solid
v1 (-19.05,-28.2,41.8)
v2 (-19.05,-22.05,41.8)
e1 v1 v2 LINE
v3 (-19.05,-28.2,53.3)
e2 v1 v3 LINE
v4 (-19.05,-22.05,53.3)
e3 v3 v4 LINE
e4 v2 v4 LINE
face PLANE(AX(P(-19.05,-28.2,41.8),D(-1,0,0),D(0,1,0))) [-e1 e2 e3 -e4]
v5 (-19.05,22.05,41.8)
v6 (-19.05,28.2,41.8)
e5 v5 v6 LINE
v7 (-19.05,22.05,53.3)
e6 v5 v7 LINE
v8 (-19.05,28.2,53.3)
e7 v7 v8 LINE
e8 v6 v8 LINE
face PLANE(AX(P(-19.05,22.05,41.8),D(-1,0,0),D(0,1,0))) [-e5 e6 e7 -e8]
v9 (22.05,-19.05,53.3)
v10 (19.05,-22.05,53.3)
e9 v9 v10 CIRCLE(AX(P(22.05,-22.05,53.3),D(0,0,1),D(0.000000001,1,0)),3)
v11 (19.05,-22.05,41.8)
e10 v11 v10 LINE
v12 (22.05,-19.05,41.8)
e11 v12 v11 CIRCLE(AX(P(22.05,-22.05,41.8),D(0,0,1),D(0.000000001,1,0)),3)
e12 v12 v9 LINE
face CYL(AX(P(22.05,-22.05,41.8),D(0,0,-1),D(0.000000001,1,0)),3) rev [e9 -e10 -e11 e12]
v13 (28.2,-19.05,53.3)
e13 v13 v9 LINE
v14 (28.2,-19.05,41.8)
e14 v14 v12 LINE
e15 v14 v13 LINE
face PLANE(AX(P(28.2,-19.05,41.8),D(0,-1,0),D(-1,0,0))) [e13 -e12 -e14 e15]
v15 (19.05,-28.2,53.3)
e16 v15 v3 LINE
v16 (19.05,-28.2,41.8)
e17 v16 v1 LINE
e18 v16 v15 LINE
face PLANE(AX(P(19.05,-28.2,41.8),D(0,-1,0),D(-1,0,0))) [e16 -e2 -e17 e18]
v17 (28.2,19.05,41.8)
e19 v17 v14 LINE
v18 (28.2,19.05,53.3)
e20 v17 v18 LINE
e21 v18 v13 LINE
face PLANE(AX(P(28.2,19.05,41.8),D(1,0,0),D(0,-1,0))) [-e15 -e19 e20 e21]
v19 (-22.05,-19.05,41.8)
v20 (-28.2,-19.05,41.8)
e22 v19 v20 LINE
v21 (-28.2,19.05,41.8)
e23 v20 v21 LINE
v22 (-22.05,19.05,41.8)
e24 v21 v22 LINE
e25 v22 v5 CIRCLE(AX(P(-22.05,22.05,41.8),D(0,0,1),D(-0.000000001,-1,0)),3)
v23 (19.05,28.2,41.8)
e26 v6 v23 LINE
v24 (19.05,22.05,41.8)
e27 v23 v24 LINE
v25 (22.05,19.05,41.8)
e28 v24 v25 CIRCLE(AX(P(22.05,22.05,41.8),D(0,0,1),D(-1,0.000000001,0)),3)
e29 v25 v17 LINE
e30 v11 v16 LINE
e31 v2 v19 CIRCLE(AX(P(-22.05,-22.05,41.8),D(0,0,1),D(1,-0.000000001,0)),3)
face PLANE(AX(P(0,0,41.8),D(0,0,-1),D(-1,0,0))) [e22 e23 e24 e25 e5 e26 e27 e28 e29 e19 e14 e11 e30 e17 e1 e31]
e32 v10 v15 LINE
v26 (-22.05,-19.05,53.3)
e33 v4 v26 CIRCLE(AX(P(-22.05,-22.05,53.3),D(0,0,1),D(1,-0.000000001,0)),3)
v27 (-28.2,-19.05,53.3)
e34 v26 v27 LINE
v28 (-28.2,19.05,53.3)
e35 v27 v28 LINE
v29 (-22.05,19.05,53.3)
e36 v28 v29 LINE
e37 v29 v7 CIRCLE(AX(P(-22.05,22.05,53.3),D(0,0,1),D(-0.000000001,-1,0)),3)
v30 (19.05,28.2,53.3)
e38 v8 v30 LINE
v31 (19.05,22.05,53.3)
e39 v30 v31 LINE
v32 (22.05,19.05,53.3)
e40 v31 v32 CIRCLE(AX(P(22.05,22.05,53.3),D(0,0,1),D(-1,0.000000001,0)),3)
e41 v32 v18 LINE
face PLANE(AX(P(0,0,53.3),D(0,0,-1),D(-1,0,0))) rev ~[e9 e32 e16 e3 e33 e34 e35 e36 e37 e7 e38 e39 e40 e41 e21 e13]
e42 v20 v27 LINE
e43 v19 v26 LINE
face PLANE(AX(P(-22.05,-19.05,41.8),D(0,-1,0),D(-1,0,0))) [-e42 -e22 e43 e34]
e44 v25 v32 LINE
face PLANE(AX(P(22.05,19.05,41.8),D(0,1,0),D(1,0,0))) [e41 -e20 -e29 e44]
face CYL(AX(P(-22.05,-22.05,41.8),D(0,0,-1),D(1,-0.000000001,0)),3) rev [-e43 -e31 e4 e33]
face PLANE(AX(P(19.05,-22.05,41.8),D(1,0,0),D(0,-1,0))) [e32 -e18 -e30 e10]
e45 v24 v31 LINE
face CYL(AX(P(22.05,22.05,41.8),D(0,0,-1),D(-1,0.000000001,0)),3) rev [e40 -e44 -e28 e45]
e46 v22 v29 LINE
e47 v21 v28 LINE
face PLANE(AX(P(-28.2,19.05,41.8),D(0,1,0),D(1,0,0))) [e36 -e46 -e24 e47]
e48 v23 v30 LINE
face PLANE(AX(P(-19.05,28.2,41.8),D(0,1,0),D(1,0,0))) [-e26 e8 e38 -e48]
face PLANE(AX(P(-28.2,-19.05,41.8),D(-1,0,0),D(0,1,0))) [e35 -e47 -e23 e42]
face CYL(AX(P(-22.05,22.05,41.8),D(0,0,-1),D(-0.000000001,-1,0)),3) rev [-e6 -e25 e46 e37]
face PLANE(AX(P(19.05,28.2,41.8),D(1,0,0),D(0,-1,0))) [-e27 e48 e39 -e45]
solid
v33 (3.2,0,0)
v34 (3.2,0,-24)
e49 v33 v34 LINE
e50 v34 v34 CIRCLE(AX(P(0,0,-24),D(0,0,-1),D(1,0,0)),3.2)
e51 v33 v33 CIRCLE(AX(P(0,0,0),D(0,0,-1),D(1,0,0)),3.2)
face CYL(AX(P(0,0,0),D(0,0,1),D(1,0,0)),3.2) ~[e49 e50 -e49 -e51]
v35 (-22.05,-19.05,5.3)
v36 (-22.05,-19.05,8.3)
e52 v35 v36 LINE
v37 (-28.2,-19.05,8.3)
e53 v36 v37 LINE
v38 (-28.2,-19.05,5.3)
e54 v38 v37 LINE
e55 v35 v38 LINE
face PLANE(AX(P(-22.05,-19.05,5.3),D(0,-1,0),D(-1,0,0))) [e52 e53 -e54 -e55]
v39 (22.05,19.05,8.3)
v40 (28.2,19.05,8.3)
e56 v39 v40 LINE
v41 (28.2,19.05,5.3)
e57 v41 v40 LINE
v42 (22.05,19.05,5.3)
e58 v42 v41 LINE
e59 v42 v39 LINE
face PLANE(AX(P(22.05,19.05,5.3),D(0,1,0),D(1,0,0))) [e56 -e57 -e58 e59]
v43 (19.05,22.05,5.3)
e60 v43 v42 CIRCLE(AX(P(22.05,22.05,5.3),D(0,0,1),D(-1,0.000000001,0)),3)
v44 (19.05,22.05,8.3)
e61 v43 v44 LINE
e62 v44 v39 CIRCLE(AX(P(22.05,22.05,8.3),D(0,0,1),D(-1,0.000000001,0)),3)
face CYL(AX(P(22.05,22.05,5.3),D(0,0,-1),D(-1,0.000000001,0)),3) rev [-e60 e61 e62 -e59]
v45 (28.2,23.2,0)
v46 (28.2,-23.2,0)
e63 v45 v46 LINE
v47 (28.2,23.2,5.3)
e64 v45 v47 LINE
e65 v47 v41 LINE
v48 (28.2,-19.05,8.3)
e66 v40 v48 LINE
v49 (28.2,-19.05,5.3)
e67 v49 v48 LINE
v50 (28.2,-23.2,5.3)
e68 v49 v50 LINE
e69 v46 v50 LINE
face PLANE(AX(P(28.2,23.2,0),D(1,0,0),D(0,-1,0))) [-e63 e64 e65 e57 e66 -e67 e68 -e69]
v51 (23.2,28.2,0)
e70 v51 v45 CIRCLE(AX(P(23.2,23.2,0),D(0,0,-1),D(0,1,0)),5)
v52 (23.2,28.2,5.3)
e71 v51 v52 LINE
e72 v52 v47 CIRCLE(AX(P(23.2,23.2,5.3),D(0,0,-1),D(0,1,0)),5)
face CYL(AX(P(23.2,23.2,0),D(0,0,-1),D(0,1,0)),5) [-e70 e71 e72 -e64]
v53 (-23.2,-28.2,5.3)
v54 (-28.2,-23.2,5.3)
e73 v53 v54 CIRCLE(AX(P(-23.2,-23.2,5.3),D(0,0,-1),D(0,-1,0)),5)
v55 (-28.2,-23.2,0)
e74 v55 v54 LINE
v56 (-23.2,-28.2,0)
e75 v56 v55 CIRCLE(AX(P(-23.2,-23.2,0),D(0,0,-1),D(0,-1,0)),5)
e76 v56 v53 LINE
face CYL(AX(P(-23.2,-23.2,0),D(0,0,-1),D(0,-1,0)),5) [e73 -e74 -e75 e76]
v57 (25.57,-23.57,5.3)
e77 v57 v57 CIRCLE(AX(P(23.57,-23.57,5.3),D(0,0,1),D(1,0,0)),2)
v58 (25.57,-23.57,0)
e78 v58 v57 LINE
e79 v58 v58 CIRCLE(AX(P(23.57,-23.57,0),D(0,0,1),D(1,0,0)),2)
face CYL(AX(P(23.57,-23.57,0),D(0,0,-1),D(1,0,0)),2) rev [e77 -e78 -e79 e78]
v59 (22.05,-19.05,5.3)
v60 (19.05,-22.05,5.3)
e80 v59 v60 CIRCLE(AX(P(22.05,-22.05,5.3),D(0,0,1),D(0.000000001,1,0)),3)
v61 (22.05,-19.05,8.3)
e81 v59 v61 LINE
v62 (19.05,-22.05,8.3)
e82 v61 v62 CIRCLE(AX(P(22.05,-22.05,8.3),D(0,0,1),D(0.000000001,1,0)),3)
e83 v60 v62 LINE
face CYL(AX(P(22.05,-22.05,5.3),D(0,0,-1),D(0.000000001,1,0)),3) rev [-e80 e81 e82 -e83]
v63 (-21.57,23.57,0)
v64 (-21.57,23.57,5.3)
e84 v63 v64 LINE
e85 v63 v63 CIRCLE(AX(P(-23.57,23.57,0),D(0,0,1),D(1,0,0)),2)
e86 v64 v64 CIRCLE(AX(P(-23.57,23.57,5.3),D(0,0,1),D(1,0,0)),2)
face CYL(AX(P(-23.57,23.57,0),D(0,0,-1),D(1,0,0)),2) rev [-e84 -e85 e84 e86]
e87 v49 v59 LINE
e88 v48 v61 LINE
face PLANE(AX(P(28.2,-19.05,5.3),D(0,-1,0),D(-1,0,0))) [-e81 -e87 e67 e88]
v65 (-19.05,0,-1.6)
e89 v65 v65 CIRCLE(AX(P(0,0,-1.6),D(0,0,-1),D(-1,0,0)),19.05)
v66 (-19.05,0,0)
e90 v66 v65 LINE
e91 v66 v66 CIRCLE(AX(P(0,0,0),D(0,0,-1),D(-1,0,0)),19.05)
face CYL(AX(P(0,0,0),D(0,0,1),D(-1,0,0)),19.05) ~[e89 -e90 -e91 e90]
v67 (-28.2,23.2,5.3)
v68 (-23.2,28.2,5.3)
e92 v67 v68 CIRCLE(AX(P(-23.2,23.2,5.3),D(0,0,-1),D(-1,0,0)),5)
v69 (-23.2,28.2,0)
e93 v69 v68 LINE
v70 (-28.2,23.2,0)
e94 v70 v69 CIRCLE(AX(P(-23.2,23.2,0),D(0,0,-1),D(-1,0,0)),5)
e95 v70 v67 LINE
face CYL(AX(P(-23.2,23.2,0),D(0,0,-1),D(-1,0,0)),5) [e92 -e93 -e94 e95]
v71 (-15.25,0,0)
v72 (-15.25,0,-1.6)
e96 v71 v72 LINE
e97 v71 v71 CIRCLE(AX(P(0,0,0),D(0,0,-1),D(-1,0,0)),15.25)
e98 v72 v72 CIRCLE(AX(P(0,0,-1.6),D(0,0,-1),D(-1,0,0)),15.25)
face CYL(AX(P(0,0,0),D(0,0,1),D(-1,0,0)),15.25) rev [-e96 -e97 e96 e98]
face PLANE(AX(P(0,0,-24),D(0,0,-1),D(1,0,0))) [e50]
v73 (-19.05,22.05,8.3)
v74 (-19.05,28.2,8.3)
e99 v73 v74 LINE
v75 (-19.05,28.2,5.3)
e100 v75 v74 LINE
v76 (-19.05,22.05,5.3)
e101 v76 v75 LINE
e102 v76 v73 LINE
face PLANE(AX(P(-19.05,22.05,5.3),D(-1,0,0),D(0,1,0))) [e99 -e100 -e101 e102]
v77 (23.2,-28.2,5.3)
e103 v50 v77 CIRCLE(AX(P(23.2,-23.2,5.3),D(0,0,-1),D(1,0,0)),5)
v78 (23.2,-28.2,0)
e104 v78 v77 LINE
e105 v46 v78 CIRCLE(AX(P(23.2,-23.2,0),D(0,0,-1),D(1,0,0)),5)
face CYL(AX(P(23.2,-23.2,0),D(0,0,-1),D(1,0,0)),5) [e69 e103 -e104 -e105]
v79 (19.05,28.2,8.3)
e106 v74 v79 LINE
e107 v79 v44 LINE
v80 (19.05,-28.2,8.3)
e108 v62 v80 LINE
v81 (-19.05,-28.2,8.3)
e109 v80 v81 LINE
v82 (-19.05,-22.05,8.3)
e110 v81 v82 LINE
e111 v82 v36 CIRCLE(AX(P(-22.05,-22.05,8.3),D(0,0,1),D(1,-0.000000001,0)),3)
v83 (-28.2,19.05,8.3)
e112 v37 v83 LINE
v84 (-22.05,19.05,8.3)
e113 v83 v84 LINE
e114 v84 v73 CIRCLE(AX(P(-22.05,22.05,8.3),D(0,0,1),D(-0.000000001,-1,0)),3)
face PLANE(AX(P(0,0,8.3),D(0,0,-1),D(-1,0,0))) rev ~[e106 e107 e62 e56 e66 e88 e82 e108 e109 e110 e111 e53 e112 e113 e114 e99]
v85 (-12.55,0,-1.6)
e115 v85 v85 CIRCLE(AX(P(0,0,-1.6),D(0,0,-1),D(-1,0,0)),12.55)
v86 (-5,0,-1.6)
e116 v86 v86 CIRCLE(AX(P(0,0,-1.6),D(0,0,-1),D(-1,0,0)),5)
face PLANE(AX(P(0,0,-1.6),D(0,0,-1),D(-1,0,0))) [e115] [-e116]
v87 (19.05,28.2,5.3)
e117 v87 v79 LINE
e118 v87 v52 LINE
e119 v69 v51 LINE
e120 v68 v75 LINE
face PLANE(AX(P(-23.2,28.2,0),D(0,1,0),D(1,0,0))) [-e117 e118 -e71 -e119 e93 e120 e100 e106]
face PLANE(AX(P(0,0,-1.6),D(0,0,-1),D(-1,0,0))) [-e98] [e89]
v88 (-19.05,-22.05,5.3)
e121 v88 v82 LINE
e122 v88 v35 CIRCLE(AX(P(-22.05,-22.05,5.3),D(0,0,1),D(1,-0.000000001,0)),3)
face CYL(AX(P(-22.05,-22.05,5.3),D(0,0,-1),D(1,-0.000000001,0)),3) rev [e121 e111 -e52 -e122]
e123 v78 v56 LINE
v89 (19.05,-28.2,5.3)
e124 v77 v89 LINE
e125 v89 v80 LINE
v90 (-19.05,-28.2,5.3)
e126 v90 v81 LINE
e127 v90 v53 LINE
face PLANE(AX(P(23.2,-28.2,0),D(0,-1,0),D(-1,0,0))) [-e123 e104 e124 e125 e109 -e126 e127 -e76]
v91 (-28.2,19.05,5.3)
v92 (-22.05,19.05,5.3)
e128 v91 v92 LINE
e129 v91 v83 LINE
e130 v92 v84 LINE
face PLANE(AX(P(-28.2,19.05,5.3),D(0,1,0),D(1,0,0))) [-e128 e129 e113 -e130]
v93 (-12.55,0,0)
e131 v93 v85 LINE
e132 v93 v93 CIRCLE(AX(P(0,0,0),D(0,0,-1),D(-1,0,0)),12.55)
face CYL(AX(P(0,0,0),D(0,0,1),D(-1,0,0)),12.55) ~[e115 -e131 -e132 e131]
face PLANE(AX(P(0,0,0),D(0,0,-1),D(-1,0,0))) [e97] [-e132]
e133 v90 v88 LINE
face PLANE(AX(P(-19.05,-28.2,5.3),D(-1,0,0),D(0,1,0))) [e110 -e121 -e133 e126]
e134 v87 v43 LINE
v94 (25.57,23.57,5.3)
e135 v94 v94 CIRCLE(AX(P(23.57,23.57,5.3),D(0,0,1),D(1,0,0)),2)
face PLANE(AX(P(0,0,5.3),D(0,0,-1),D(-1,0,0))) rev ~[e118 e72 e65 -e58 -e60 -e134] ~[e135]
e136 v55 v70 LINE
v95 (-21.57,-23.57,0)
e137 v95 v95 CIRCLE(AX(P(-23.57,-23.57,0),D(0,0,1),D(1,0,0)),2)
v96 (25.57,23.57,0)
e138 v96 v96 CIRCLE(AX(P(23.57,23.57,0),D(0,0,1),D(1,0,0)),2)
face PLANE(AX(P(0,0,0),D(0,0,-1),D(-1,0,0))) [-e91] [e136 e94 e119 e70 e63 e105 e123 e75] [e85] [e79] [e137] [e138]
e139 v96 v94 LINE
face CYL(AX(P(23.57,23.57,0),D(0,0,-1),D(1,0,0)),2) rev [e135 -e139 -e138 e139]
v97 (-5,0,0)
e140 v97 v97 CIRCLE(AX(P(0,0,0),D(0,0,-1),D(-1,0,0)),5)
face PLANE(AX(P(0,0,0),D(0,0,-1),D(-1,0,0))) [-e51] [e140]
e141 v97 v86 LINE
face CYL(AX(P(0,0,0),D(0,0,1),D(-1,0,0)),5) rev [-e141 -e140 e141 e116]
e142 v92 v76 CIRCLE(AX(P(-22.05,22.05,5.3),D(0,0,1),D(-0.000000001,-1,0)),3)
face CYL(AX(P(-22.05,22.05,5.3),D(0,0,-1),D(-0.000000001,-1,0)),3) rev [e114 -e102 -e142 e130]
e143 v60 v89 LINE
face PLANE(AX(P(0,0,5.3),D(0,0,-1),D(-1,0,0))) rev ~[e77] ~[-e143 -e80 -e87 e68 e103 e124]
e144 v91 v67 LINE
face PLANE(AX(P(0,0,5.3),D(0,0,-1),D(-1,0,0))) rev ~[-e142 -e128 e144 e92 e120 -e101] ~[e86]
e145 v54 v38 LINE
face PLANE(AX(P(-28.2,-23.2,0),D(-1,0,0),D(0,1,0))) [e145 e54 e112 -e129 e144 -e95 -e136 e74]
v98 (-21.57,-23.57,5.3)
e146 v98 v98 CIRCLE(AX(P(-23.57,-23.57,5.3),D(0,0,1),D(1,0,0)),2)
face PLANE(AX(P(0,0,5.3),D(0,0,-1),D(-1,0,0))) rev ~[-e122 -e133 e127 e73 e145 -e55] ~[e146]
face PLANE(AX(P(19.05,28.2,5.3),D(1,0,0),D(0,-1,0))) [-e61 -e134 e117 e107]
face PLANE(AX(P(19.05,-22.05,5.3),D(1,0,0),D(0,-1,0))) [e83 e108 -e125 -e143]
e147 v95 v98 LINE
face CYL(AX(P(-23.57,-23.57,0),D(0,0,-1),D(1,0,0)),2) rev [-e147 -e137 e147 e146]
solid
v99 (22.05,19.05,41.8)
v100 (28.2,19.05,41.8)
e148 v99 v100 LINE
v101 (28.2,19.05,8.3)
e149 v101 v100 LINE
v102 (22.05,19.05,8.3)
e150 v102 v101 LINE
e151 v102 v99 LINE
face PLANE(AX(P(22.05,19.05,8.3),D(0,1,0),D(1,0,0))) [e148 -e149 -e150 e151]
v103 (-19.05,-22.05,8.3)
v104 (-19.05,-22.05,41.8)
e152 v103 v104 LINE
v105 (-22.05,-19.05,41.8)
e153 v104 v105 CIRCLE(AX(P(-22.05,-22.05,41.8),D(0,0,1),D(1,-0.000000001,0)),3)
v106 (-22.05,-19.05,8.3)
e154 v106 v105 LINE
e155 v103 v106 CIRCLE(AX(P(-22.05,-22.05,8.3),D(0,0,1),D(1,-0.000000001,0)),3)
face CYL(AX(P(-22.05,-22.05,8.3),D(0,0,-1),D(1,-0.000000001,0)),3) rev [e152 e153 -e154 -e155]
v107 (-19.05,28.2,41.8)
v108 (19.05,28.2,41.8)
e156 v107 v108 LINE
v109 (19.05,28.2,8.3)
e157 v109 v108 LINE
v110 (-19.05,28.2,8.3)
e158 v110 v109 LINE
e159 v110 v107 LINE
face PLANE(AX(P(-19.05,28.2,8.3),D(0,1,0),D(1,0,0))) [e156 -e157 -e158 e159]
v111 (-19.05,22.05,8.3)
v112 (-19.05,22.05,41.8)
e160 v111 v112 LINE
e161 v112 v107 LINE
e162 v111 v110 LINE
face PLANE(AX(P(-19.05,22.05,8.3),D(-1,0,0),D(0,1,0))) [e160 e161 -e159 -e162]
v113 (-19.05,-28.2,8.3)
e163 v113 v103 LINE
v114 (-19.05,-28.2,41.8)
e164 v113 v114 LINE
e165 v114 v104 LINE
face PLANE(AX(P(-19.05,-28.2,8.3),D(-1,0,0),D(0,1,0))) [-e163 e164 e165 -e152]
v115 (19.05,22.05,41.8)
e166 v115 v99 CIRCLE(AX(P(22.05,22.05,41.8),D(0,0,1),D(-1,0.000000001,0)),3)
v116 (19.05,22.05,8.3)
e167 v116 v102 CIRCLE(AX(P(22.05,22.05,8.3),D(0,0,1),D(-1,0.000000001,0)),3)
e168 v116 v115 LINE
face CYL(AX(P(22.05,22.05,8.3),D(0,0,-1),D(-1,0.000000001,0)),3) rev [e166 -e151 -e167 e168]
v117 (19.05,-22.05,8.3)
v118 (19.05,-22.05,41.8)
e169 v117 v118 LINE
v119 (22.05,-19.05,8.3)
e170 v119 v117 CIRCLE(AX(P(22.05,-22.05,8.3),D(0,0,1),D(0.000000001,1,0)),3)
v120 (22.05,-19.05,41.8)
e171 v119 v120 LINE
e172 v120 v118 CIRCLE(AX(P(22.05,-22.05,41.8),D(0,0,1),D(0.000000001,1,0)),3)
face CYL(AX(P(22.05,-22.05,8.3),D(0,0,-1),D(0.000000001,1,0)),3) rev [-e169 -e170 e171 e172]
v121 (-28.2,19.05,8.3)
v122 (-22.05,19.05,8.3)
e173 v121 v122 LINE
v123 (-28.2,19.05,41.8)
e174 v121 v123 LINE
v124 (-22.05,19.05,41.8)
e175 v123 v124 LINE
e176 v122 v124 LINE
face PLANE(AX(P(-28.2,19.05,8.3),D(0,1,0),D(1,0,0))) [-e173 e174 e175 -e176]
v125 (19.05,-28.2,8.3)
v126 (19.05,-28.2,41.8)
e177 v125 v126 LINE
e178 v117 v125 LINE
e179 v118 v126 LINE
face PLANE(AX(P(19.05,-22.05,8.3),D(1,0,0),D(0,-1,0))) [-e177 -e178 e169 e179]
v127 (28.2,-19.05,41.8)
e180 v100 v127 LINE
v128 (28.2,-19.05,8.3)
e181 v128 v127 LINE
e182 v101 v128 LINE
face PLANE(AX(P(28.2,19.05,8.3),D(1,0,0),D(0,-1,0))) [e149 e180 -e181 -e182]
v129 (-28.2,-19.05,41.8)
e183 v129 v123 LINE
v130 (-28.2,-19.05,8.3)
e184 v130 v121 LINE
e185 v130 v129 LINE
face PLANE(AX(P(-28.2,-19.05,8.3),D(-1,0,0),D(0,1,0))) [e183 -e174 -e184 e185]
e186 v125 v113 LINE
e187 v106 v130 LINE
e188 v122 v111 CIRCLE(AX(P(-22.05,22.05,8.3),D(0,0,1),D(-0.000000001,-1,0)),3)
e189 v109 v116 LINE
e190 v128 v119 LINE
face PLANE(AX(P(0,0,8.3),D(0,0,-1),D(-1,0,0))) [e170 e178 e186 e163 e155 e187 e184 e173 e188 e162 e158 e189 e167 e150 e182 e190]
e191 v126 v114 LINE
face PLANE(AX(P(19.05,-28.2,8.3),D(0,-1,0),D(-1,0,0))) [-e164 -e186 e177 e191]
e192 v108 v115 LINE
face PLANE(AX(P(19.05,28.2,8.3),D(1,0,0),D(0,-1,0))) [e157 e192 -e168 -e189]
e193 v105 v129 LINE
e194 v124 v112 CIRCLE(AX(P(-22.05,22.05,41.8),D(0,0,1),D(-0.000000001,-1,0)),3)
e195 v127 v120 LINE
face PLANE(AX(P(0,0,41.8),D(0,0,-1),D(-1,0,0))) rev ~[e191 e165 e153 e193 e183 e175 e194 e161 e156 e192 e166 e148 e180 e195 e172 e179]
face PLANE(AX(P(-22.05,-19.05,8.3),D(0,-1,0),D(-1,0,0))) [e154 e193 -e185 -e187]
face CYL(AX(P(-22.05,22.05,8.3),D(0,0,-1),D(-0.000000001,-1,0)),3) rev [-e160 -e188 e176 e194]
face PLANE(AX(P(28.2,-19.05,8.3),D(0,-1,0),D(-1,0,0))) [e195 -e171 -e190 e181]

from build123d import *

# Parameters (mm, degrees)
CROQUIS1_R                = 2
SALIENTE_EXTRUIR1_DEPTH   = 5.3
SALIENTE_EXTRUIR2_DEPTH   = 3
SALIENTE_EXTRUIR4_DEPTH   = 33.5
SALIENTE_EXTRUIR7_DEPTH   = 11.5
CROQUIS7_R                = 19.05
CROQUIS7_R_2              = 15.25
SALIENTE_EXTRUIR9_DEPTH   = 1.6
CROQUIS7_R_3              = 12.55
CROQUIS7_R_4              = 5
SALIENTE_EXTRUIR9_2_DEPTH = 1.6
CROQUIS8_R                = 3.2
SALIENTE_EXTRUIR10_DEPTH  = 24


with BuildPart() as part:
    # Croquis1 → Saliente-Extruir1 (new body)
    with BuildSketch(Plane.XY):
        with BuildLine():
            Line((23.2, -28.2), (-23.2, -28.2))
            ThreePointArc((-23.2, -28.2), (-26.735533906, -26.735533906), (-28.2, -23.2))
            Line((-28.2, -23.2), (-28.2, 23.2))
            ThreePointArc((-28.2, 23.2), (-26.735533906, 26.735533906), (-23.2, 28.2))
            Line((-23.2, 28.2), (23.2, 28.2))
            ThreePointArc((23.2, 28.2), (26.735533906, 26.735533906), (28.2, 23.2))
            Line((28.2, 23.2), (28.2, -23.2))
            ThreePointArc((28.2, -23.2), (26.735533906, -26.735533906), (23.2, -28.2))
        make_face()
        with Locations((-23.57, -23.57)):
            Circle(CROQUIS1_R, mode=Mode.SUBTRACT)
        with Locations((23.57, -23.57)):
            Circle(CROQUIS1_R, mode=Mode.SUBTRACT)
        with Locations((-23.57, 23.57)):
            Circle(CROQUIS1_R, mode=Mode.SUBTRACT)
        with Locations((23.57, 23.57)):
            Circle(CROQUIS1_R, mode=Mode.SUBTRACT)
    extrude(amount=SALIENTE_EXTRUIR1_DEPTH)

    # Croquis2 → Saliente-Extruir2 (add)
    with BuildSketch(Plane.XY.offset(5.3)):
        with BuildLine():
            Line((-19.05, 22.05), (-19.05, 28.2))
            Line((-19.05, 28.2), (19.05, 28.2))
            Line((19.05, 28.2), (19.05, 22.05))
            ThreePointArc((19.05, 22.05), (19.928679656, 19.928679656), (22.05, 19.05))
            Line((22.05, 19.05), (28.2, 19.05))
            Line((28.2, 19.05), (28.2, -19.05))
            Line((28.2, -19.05), (22.05, -19.05))
            ThreePointArc((22.05, -19.05), (19.928679656, -19.928679656), (19.05, -22.05))
            Line((19.05, -22.05), (19.05, -28.2))
            Line((19.05, -28.2), (-19.05, -28.2))
            Line((-19.05, -28.2), (-19.05, -22.05))
            ThreePointArc((-19.05, -22.05), (-19.928679656, -19.928679656), (-22.05, -19.05))
            Line((-22.05, -19.05), (-28.2, -19.05))
            Line((-28.2, -19.05), (-28.2, 19.05))
            Line((-28.2, 19.05), (-22.05, 19.05))
            ThreePointArc((-22.05, 19.05), (-19.928679656, 19.928679656), (-19.05, 22.05))
        make_face()
    extrude(amount=SALIENTE_EXTRUIR2_DEPTH)



with BuildPart() as body_2:
    # Croquis3 → Saliente-Extruir4 (new body)
    with BuildSketch(Plane.XY.offset(8.3)):
        with BuildLine():
            Line((-19.05, 28.2), (19.05, 28.2))
            Line((19.05, 28.2), (19.05, 22.05))
            ThreePointArc((19.05, 22.05), (19.928679656, 19.928679656), (22.05, 19.05))
            Line((22.05, 19.05), (28.2, 19.05))
            Line((28.2, 19.05), (28.2, -19.05))
            Line((28.2, -19.05), (22.05, -19.05))
            ThreePointArc((22.05, -19.05), (19.928679656, -19.928679656), (19.05, -22.05))
            Line((19.05, -22.05), (19.05, -28.2))
            Line((19.05, -28.2), (-19.05, -28.2))
            Line((-19.05, -28.2), (-19.05, -22.05))
            ThreePointArc((-19.05, -22.05), (-19.928679656, -19.928679656), (-22.05, -19.05))
            Line((-22.05, -19.05), (-28.2, -19.05))
            Line((-28.2, -19.05), (-28.2, 19.05))
            Line((-28.2, 19.05), (-22.05, 19.05))
            ThreePointArc((-22.05, 19.05), (-19.928679656, 19.928679656), (-19.05, 22.05))
            Line((-19.05, 22.05), (-19.05, 28.2))
        make_face()
    extrude(amount=SALIENTE_EXTRUIR4_DEPTH)


with BuildPart() as body_3:
    # Croquis5 → Saliente-Extruir7 (new body)
    with BuildSketch(Plane.XY.offset(41.8)):
        with BuildLine():
            Line((22.05, 19.05), (28.2, 19.05))
            Line((28.2, 19.05), (28.2, -19.05))
            Line((28.2, -19.05), (22.05, -19.05))
            ThreePointArc((22.05, -19.05), (19.928679656, -19.928679656), (19.05, -22.05))
            Line((19.05, -22.05), (19.05, -28.2))
            Line((19.05, -28.2), (-19.05, -28.2))
            Line((-19.05, -28.2), (-19.05, -22.05))
            ThreePointArc((-19.05, -22.05), (-19.928679656, -19.928679656), (-22.05, -19.05))
            Line((-22.05, -19.05), (-28.2, -19.05))
            Line((-28.2, -19.05), (-28.2, 19.05))
            Line((-28.2, 19.05), (-22.05, 19.05))
            ThreePointArc((-22.05, 19.05), (-19.928679656, 19.928679656), (-19.05, 22.05))
            Line((-19.05, 22.05), (-19.05, 28.2))
            Line((-19.05, 28.2), (19.05, 28.2))
            Line((19.05, 28.2), (19.05, 22.05))
            ThreePointArc((19.05, 22.05), (19.928679656, 19.928679656), (22.05, 19.05))
        make_face()
    extrude(amount=SALIENTE_EXTRUIR7_DEPTH)


with BuildPart() as body_4:
    # Croquis7 → Saliente-Extruir9 (new body)
    with BuildSketch(Plane(origin=(0, 0, 0), x_dir=(-1, 0, 0), z_dir=(0, 0, -1))):
        Circle(CROQUIS7_R)
        Circle(CROQUIS7_R_2, mode=Mode.SUBTRACT)
    extrude(amount=SALIENTE_EXTRUIR9_DEPTH)


with BuildPart() as body_5:
    # Croquis7 → Saliente-Extruir9 2 (new body)
    with BuildSketch(Plane(origin=(0, 0, 0), x_dir=(-1, 0, 0), z_dir=(0, 0, -1))):
        Circle(CROQUIS7_R_3)
        Circle(CROQUIS7_R_4, mode=Mode.SUBTRACT)
    extrude(amount=SALIENTE_EXTRUIR9_2_DEPTH)


with BuildPart() as part_1:
    add(part.part)

    add(body_4.part)  # Saliente-Extruir10 merges body 4

    add(body_5.part)  # Saliente-Extruir10 merges body 5
    # Croquis8 → Saliente-Extruir10 (add)
    with BuildSketch(Plane(origin=(0, 0, 0), x_dir=(-1, 0, 0), z_dir=(0, 0, -1))):
        with Locations(Location((0, 0, 0), (0, 0, 180))):
            Circle(CROQUIS8_R)
    extrude(amount=SALIENTE_EXTRUIR10_DEPTH)


solid = Compound([body_2.part, body_3.part, part_1.part])
